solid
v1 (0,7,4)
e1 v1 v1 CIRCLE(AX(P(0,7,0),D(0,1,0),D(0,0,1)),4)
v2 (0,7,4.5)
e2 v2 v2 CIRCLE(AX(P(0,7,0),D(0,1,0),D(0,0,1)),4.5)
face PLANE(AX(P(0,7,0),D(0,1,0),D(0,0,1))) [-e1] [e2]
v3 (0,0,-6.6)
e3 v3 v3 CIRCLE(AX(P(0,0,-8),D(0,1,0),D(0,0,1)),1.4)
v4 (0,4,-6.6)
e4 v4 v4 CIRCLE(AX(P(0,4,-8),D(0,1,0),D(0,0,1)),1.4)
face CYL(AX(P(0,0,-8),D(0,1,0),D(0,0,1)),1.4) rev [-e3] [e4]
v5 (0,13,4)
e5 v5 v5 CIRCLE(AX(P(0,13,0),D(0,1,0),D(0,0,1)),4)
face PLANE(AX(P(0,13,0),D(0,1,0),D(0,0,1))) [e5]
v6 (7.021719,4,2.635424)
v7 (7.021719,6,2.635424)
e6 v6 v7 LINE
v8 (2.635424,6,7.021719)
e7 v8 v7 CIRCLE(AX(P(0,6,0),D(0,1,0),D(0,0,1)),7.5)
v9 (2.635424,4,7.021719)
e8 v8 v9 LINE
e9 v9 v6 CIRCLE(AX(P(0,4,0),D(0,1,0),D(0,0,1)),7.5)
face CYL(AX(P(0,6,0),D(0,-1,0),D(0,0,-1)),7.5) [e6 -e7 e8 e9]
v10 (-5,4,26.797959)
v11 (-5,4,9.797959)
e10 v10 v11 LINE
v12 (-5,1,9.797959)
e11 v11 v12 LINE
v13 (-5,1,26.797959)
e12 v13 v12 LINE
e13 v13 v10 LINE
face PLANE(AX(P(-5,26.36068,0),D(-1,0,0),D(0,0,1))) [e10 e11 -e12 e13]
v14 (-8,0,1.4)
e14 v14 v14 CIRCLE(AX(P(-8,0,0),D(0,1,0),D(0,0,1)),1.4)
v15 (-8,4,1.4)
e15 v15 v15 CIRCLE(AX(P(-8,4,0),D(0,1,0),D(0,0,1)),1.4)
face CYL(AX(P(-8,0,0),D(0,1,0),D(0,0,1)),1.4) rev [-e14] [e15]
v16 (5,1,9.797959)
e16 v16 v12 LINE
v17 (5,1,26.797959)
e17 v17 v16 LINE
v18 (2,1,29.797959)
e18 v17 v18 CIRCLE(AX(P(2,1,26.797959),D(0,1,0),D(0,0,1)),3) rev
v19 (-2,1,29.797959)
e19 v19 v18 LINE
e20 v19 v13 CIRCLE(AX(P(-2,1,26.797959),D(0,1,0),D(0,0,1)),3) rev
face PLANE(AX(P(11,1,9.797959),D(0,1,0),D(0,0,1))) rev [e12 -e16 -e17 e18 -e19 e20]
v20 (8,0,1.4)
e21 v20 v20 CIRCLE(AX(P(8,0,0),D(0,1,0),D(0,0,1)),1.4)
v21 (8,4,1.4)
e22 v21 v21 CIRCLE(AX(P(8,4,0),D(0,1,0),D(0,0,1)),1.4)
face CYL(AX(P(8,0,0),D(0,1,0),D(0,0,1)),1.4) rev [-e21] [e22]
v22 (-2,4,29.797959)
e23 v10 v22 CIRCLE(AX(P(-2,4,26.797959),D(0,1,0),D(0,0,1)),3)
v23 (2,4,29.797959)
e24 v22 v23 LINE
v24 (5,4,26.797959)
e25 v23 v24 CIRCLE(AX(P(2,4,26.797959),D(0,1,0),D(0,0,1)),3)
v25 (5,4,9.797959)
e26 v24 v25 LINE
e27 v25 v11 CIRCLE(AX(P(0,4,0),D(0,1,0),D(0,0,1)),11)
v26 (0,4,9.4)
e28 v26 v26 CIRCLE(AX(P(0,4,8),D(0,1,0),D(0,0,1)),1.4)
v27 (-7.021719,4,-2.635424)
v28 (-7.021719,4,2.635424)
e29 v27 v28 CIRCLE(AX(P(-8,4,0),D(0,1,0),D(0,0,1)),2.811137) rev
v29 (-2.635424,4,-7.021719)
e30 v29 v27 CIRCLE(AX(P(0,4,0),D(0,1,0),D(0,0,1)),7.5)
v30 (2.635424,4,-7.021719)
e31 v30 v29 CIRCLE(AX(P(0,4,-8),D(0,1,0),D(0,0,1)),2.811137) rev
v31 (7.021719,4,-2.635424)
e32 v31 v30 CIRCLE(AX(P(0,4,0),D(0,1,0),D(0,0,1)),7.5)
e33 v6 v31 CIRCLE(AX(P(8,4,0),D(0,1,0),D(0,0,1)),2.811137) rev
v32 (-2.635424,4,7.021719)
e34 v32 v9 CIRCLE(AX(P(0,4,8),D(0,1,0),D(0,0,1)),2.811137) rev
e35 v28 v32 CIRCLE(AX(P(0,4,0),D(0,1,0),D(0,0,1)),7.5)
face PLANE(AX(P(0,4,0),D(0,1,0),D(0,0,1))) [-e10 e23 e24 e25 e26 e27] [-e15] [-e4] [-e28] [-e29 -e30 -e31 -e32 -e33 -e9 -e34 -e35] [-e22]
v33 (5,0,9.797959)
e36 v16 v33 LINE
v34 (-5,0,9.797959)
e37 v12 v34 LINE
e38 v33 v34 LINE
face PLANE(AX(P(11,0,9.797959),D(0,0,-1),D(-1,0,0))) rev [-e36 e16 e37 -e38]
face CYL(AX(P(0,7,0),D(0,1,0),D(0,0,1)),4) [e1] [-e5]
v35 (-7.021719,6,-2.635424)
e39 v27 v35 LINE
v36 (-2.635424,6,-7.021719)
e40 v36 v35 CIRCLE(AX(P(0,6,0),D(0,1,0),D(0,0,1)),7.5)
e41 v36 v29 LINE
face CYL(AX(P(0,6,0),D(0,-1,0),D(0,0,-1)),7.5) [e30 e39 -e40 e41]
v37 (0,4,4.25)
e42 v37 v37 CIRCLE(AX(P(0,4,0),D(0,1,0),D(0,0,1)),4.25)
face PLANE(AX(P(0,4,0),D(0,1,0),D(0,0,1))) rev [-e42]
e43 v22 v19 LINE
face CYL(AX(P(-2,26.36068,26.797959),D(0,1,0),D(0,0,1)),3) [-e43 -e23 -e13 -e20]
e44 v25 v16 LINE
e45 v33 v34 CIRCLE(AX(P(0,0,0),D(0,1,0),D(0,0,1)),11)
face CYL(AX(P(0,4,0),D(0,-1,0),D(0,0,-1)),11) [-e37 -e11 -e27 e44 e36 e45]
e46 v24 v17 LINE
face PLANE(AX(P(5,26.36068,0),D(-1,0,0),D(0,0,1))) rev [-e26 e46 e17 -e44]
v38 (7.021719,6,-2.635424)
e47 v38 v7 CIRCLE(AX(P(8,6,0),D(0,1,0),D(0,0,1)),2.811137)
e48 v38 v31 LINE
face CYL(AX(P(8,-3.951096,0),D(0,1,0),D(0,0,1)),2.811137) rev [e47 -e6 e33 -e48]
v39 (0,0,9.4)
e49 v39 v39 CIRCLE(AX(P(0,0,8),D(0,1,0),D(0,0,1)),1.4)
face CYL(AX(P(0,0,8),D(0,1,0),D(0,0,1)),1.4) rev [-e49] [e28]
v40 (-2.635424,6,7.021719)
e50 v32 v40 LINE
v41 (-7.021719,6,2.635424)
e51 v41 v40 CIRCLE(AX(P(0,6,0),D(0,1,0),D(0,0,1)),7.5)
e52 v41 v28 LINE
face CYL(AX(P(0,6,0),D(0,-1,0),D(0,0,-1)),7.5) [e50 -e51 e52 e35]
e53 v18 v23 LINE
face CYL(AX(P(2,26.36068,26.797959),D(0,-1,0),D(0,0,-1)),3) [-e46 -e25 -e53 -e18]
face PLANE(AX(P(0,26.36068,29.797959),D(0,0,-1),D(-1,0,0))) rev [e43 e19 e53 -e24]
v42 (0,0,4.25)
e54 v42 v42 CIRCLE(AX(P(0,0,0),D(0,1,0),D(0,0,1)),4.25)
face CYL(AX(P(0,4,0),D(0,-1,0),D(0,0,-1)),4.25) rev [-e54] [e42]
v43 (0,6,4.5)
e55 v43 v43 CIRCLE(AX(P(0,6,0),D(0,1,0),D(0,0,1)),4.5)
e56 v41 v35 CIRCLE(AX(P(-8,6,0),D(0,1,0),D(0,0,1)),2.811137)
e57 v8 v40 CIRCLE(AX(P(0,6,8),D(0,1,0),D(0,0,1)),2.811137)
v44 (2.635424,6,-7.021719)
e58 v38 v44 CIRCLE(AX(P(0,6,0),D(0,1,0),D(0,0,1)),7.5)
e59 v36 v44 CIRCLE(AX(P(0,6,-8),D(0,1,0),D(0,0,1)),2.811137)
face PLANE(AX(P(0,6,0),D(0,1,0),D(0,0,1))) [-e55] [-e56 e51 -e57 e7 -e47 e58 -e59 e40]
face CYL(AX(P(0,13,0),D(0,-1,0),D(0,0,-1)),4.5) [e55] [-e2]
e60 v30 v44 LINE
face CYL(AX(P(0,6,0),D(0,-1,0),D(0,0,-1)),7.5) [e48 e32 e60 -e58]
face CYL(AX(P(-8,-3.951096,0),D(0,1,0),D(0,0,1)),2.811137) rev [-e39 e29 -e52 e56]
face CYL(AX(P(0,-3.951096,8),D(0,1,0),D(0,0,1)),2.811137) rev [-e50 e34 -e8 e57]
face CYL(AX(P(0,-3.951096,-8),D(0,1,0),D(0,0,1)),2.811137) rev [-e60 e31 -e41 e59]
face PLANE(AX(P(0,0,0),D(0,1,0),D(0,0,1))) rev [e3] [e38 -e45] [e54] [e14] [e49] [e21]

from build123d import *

# Parameters (mm, degrees)
SKETCH1_R           = 11
SKETCH1_R_2         = 4.25
BOSS_EXTRUDE1_DEPTH = 4
SKETCH2_R           = 1.4
CUT_EXTRUDE1_DEPTH  = 17.062378404
SKETCH3_R           = 7.5
BOSS_EXTRUDE2_DEPTH = 2
SKETCH4_R           = 2.811136831
CUT_EXTRUDE2_DEPTH  = 2
SKETCH5_R           = 4.5
BOSS_EXTRUDE3_DEPTH = 7
CUT_EXTRUDE3_START  = -6
SKETCH6_R           = 4.5
SKETCH6_R_2         = 4
CUT_EXTRUDE3_DEPTH  = 6
BOSS_EXTRUDE4_DEPTH = 4
SKETCH11_W          = 20
SKETCH11_H          = 1
CUT_EXTRUDE5_DEPTH  = 37.234215306
FILLET1_R           = 3


with BuildPart() as part:
    # Sketch1 → Boss-Extrude1 (new body)
    with BuildSketch(Plane(origin=(0, 0, 0), x_dir=(1, 0, 0), z_dir=(0, 1, 0))):
        with Locations(Location((0, 0, 0), (0, 0, 270))):
            Circle(SKETCH1_R)
        with Locations(Location((0, 0, 0), (0, 0, 270))):
            Circle(SKETCH1_R_2, mode=Mode.SUBTRACT)
    extrude(amount=BOSS_EXTRUDE1_DEPTH)

    # Sketch2 → Cut-Extrude1 (cut, through all)
    with BuildSketch(Plane(origin=(0, 4, 0), x_dir=(1, 0, 0), z_dir=(0, 1, 0))):
        with Locations(Location((0, 8, 0), (0, 0, 270))):
            Circle(SKETCH2_R)
        with Locations(Location((8, 0, 0), (0, 0, 270))):
            Circle(SKETCH2_R)
        with Locations(Location((0, -8, 0), (0, 0, 270))):
            Circle(SKETCH2_R)
        with Locations(Location((-8, 0, 0), (0, 0, 270))):
            Circle(SKETCH2_R)
    extrude(amount=-CUT_EXTRUDE1_DEPTH, mode=Mode.SUBTRACT)

    # Sketch3 → Boss-Extrude2 (add)
    with BuildSketch(Plane(origin=(0, 4, 0), x_dir=(1, 0, 0), z_dir=(0, 1, 0))):
        with Locations(Location((0, 0, 0), (0, 0, 80.315835906))):
            Circle(SKETCH3_R)
    extrude(amount=BOSS_EXTRUDE2_DEPTH)

    # Sketch4 → Cut-Extrude2 (cut)
    with BuildSketch(Plane(origin=(0, 6, 0), x_dir=(1, 0, 0), z_dir=(0, 1, 0))):
        with Locations((8, 0)):
            Circle(SKETCH4_R)
        with Locations((0, -8)):
            Circle(SKETCH4_R)
        with Locations((-8, 0)):
            Circle(SKETCH4_R)
        with Locations((0, 8)):
            Circle(SKETCH4_R)
    extrude(amount=-CUT_EXTRUDE2_DEPTH, mode=Mode.SUBTRACT)

    # Sketch5 → Boss-Extrude3 (add)
    with BuildSketch(Plane(origin=(0, 6, 0), x_dir=(1, 0, 0), z_dir=(0, 1, 0))):
        with Locations(Location((0, 0, 0), (0, 0, 270))):
            Circle(SKETCH5_R)
    extrude(amount=BOSS_EXTRUDE3_DEPTH)

    # Sketch6 → Cut-Extrude3 (cut)
    with BuildSketch(Plane(origin=(0, 13, 0), x_dir=(1, 0, 0), z_dir=(0, 1, 0)).offset(CUT_EXTRUDE3_START)):
        with Locations(Location((0, 0, 0), (0, 0, 270))):
            Circle(SKETCH6_R)
        with Locations(Location((0, 0, 0), (0, 0, 270))):
            Circle(SKETCH6_R_2, mode=Mode.SUBTRACT)
    extrude(amount=CUT_EXTRUDE3_DEPTH, mode=Mode.SUBTRACT)

    # Sketch8 → Boss-Extrude4 (add)
    with BuildSketch(Plane.XZ):
        with BuildLine():
            Line((5, 29.797958971), (-5, 29.797958971))
            Line((-5, 29.797958971), (-5, 9.797958971))
            ThreePointArc((-5, 9.797958971), (0, 11), (5, 9.797958971))
            Line((5, 9.797958971), (5, 29.797958971))
        make_face()
    extrude(amount=-BOSS_EXTRUDE4_DEPTH)

    # Sketch11 → Cut-Extrude5 (cut, through all)
    with BuildSketch(Plane.ZY.offset(5)):
        with Locations((19.797958971, 0.5)):
            Rectangle(SKETCH11_W, SKETCH11_H)
    extrude(amount=-CUT_EXTRUDE5_DEPTH, mode=Mode.SUBTRACT)

    # Fillet1
    fillet1_edges = [part.edges().sort_by_distance(p)[0] for p in [
        (5, 2.5, 29.797958971),
        (-5, 2.5, 29.797958971),
    ]]
    fillet(fillet1_edges, radius=FILLET1_R)


solid = part.part
